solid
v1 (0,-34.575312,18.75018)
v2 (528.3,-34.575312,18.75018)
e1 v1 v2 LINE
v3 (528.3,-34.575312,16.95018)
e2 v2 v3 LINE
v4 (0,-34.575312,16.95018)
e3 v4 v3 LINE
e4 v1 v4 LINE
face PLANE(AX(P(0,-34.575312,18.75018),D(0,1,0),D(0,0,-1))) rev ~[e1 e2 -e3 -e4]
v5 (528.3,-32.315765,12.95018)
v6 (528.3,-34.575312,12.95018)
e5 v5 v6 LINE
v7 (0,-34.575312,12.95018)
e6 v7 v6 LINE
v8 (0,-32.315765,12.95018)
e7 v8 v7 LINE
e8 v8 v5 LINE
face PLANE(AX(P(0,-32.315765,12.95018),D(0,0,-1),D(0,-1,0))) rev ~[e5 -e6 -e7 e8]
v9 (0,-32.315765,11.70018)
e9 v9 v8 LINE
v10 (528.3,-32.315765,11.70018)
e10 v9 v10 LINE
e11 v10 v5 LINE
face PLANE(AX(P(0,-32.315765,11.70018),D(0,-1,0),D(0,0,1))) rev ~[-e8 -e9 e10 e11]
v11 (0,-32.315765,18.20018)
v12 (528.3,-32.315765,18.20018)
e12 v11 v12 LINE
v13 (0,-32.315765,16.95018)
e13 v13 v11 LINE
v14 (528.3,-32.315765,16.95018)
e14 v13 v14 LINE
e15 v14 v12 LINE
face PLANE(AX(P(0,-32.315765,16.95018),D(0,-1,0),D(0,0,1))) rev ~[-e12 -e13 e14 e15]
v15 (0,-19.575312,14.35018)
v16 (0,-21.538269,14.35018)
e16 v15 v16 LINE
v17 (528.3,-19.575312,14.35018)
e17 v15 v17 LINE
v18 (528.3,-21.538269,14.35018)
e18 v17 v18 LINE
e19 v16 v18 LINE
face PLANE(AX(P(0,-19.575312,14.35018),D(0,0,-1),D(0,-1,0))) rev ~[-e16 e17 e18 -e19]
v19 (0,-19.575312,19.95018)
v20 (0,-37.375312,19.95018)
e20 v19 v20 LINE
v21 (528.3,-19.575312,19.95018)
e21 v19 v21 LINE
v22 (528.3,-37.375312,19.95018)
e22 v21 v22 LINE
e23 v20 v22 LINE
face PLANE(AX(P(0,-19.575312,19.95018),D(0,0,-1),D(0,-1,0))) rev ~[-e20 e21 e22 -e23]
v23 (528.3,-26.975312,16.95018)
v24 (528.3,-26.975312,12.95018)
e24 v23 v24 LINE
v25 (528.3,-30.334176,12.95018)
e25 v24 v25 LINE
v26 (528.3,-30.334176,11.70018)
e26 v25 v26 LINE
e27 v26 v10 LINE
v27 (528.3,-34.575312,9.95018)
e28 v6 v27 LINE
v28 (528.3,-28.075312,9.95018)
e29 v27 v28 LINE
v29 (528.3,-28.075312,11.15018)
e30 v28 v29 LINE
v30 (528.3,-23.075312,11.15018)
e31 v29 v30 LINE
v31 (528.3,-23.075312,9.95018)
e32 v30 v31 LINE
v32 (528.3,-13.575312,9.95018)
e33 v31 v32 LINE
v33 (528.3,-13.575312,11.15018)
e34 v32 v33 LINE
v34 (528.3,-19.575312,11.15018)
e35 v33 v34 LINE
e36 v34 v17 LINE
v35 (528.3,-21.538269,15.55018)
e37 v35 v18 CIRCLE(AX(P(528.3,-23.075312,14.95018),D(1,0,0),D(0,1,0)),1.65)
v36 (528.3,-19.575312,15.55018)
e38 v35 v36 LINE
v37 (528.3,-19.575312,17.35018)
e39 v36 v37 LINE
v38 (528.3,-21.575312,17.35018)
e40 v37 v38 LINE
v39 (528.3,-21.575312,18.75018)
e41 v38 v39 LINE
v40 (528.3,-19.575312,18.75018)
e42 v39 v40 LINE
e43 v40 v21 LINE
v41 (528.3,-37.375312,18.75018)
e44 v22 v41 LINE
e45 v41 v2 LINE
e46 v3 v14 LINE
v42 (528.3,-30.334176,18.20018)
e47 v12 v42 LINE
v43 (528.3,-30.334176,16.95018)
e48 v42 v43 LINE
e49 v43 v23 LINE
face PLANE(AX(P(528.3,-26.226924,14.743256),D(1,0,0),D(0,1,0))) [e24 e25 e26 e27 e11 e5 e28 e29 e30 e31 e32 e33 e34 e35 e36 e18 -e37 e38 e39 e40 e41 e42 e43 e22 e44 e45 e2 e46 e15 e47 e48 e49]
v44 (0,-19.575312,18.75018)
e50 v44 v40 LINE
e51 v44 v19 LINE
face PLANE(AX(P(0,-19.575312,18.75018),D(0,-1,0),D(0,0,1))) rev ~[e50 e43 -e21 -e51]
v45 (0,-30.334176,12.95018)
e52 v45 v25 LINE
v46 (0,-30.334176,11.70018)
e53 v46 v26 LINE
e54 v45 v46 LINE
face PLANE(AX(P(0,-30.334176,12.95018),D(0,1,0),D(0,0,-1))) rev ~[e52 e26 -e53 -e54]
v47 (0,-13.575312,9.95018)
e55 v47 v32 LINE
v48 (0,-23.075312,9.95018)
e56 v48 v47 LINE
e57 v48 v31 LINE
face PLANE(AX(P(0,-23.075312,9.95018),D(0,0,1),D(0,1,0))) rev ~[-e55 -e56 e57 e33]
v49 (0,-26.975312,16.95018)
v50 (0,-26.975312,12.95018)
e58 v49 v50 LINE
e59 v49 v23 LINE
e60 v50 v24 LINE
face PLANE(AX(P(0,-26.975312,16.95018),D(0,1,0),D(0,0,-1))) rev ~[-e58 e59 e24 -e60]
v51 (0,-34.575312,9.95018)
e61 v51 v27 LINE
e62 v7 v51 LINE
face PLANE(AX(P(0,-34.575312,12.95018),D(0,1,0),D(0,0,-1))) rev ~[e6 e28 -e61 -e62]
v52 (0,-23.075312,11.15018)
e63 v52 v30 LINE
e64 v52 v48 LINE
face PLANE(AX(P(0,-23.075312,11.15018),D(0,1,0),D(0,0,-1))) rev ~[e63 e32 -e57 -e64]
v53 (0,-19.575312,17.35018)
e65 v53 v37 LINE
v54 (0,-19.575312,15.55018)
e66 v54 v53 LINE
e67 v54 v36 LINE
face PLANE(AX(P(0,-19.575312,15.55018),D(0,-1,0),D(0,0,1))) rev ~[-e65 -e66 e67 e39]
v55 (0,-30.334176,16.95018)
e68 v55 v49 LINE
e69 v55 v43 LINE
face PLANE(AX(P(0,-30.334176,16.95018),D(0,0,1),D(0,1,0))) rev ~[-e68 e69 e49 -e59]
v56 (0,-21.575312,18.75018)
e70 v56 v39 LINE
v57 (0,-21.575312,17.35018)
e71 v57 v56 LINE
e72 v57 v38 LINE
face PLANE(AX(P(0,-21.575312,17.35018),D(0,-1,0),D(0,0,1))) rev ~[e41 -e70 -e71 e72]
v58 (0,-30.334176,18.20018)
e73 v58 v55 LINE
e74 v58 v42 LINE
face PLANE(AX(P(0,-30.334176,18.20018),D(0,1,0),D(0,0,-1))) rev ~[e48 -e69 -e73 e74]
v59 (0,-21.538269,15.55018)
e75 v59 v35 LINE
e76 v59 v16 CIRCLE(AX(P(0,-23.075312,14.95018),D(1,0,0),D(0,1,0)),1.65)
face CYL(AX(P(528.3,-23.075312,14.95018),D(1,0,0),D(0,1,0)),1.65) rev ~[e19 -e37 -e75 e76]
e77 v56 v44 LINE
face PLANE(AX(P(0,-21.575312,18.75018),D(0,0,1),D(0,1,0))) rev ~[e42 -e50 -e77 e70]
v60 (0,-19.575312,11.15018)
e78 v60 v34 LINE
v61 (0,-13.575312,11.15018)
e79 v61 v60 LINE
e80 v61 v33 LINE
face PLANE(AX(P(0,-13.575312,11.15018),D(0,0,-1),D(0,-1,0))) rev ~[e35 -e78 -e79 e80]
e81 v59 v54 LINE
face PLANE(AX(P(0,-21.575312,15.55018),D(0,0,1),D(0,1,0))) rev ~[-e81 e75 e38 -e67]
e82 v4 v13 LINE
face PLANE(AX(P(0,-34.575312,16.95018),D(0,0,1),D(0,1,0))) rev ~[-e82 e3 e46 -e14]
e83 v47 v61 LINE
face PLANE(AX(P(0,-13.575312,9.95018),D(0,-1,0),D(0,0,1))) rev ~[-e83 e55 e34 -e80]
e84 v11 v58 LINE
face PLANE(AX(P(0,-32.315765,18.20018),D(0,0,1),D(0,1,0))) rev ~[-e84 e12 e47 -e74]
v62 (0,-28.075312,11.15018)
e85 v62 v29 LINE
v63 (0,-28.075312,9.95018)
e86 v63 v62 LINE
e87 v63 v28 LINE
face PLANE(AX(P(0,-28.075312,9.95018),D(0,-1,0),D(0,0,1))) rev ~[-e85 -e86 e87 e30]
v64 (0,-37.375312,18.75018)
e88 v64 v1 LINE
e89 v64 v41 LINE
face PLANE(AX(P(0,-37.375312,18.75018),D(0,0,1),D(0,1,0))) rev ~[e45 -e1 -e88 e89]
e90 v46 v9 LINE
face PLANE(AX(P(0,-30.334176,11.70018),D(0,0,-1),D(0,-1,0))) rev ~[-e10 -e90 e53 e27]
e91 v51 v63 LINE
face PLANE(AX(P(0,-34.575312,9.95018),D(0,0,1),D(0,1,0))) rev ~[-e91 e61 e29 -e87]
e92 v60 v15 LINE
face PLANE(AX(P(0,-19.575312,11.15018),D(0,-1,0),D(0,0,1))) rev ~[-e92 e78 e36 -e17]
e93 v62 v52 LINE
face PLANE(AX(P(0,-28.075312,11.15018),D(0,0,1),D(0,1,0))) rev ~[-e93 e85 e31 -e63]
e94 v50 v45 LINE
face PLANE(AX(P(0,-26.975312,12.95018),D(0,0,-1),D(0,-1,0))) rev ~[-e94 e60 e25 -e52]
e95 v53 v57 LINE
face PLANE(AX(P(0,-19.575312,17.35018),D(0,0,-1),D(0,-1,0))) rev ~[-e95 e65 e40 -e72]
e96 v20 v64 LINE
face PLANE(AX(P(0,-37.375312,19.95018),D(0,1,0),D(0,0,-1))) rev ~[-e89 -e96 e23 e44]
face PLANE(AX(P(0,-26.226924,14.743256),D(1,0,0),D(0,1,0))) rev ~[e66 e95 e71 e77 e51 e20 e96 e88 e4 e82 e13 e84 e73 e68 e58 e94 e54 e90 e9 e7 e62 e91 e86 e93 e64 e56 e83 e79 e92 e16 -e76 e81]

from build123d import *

# Parameters (mm, degrees)
F2_DEPTH = 528.3
F3_R     = 1.65
F4_DEPTH = 528.3


with BuildPart() as f2:
    # F1 (on Right) → F2 (new body)
    with BuildSketch(Plane.YZ):
        Polygon((-37.3753120244, 19.9501804985), (-37.3753120244, 18.7501804985), (-34.5753120244, 18.7501804985), (-34.5753120244, 16.9501804985), (-32.3157645762, 16.9501804985), (-32.3157645762, 18.2001804985), (-30.3341764957, 18.2001804985), (-30.3341764957, 16.9501804985), (-26.9753120244, 16.9501804985), (-26.9753120244, 12.9501804985), (-30.3341764957, 12.9501804985), (-30.3341764957, 11.7001804985), (-32.3157645762, 11.7001804985), (-32.3157645762, 12.9501804985), (-34.5753120244, 12.9501804985), (-34.5753120244, 9.9501804985), (-28.0753120244, 9.9501804985), (-28.0753120244, 11.1501804985), (-23.0753120244, 11.1501804985), (-23.0753120244, 9.9501804985), (-13.5753120244, 9.9501804985), (-13.5753120244, 11.1501804985), (-19.5753120244, 11.1501804985), (-19.5753120244, 14.3501804985), (-21.5753120244, 14.3501804985), (-21.5753120244, 15.5501804985), (-19.5753120244, 15.5501804985), (-19.5753120244, 17.3501804985), (-21.5753120244, 17.3501804985), (-21.5753120244, 18.7501804985), (-19.5753120244, 18.7501804985), (-19.5753120244, 19.9501804985), (-21.5753120244, 19.9501804985), align=None)
    extrude(amount=F2_DEPTH)

    # F3 (on face) → F4 (cut)
    with BuildSketch(Plane.YZ.offset(528.3)):
        with Locations((-23.0753120244, 14.9501804985)):
            Circle(F3_R)
    extrude(amount=-F4_DEPTH, mode=Mode.SUBTRACT)


solid = f2.part
